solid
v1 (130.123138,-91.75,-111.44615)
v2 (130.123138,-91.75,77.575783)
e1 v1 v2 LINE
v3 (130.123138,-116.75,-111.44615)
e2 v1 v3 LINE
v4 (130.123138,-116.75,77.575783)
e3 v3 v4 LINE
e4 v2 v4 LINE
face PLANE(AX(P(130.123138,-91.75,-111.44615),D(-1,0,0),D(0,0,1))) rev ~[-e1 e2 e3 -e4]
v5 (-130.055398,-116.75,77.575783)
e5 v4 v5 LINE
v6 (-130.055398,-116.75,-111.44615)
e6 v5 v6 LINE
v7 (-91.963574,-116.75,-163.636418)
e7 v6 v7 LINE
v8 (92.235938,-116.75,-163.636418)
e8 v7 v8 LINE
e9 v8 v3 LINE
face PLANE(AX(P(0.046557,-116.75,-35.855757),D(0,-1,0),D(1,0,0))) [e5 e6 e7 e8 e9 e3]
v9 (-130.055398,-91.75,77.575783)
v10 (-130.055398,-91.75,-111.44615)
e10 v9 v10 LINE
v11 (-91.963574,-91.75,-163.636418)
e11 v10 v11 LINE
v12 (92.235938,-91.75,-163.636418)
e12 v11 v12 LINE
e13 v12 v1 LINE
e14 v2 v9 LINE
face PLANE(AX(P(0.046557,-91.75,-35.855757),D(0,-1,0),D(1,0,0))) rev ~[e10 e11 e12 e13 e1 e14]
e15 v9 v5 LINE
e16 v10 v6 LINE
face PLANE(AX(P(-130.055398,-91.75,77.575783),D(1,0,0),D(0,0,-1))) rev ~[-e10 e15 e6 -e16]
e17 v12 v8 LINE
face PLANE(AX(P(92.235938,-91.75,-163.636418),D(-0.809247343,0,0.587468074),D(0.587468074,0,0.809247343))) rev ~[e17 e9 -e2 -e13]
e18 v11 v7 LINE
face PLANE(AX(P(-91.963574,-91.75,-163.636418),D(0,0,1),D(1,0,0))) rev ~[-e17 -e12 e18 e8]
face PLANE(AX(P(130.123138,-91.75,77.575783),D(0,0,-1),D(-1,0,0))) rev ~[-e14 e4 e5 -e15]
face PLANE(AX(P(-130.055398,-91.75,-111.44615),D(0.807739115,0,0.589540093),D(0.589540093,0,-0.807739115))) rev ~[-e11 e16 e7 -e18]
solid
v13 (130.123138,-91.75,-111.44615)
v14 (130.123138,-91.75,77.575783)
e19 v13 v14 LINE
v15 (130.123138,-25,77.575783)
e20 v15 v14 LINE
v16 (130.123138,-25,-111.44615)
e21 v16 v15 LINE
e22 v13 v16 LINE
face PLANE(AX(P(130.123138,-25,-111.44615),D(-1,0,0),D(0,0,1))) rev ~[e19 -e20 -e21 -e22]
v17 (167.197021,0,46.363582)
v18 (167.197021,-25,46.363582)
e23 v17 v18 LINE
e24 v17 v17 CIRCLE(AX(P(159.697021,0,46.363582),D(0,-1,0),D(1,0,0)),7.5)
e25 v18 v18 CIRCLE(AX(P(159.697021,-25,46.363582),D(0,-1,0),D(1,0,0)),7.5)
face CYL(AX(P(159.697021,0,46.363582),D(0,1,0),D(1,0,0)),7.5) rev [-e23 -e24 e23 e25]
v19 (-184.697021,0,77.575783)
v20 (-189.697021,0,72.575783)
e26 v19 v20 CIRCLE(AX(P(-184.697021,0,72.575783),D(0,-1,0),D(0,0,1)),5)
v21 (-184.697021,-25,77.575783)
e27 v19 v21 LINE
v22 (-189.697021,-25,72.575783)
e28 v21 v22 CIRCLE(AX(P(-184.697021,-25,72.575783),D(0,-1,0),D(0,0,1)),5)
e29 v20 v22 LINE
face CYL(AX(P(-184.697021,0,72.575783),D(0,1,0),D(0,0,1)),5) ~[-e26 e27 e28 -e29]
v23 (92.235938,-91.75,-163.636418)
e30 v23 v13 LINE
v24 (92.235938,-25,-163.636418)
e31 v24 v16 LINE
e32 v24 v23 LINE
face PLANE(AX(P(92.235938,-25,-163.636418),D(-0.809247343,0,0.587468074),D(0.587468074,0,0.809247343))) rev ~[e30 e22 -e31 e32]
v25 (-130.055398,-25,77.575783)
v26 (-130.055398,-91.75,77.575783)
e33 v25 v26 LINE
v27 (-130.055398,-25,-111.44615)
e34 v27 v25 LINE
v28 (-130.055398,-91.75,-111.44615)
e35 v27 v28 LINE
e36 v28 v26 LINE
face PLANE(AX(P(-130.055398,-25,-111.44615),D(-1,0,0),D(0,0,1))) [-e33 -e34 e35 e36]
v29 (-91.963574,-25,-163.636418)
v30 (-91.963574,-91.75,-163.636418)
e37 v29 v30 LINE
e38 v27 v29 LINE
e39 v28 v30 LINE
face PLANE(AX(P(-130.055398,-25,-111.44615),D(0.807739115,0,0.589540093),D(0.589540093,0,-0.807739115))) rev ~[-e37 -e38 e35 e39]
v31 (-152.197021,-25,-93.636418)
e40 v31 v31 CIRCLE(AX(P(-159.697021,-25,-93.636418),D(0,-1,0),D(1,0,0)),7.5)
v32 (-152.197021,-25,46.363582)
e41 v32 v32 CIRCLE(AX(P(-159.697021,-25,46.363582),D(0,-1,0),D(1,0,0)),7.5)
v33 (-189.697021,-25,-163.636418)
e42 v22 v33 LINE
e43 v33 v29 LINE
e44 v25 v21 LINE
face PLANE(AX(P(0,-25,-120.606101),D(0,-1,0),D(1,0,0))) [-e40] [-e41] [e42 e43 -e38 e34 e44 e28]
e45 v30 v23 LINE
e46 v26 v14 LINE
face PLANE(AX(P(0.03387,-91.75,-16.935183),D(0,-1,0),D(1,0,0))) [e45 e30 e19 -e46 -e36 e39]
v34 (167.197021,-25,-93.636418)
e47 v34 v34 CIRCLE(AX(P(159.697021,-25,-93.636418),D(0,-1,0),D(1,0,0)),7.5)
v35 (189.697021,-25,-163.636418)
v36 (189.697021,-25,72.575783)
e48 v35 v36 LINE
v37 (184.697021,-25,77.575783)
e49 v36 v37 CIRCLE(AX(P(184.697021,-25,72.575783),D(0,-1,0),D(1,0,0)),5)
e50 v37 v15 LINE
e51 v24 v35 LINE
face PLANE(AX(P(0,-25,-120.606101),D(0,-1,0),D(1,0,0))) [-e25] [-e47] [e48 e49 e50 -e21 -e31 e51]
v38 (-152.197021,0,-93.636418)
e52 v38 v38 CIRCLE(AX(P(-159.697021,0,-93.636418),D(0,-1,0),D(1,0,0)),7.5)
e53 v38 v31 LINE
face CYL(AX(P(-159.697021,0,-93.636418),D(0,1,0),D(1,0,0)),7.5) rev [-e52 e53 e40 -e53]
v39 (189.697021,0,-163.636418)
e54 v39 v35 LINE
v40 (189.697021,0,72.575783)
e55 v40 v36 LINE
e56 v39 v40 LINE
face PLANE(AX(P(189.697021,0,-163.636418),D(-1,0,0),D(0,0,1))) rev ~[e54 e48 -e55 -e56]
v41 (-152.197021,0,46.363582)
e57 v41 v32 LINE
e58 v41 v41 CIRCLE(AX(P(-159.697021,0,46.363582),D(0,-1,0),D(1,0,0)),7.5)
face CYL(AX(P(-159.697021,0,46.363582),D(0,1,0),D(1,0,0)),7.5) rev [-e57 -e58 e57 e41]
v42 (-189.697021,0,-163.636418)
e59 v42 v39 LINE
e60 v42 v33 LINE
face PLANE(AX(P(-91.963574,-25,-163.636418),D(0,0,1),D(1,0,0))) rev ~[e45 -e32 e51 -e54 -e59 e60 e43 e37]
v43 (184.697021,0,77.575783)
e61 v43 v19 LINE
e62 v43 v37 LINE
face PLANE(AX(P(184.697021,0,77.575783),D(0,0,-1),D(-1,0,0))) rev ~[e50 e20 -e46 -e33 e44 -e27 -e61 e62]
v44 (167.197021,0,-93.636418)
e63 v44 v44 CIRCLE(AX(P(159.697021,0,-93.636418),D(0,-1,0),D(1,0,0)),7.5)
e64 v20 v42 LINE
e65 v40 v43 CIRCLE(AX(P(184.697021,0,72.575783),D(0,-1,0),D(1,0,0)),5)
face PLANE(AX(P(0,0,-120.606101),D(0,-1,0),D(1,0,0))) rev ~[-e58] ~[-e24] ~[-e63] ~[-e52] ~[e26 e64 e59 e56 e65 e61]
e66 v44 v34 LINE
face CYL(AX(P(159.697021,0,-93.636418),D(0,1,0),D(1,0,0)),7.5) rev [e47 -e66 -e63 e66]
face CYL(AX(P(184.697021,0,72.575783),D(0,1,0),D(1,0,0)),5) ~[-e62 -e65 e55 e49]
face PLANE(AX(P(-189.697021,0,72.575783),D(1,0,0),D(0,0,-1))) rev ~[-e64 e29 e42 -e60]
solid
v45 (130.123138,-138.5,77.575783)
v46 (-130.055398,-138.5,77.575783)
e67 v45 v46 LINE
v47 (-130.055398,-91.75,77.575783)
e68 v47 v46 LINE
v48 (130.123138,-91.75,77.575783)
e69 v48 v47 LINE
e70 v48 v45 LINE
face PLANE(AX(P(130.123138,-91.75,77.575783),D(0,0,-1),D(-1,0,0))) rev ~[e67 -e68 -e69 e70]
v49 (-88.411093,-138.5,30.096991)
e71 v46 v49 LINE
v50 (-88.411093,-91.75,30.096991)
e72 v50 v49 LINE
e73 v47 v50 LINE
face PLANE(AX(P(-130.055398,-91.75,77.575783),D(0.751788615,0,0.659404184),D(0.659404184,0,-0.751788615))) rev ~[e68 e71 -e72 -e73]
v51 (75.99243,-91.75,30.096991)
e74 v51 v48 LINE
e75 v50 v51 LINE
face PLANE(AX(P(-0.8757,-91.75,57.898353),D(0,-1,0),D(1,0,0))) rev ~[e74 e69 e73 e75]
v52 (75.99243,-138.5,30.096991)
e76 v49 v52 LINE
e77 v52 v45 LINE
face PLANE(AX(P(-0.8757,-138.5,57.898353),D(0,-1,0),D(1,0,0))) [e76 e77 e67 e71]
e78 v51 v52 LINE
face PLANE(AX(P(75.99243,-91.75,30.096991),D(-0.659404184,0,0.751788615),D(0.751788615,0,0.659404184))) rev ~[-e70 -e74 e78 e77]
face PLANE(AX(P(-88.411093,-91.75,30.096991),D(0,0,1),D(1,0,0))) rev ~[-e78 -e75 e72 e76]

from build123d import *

# Parameters (mm, degrees)
F0_R     = 7.5
F1_DEPTH = 25
F2_W     = 260.1785361767
F2_H     = 189.0219330167
F3_DEPTH = 42.5
F4_DEPTH = 66.75
F6_DEPTH = 46.75
F8_DEPTH = 25


with BuildPart() as f1:
    # F0 (on Front) → F1 (new body)
    with BuildSketch(Plane.XZ):
        Polygon((129.6970205473, -123.6364181716), (129.6970205473, -77.5757833694), (-129.6970205473, -77.5757833694), (-129.6970205473, -123.6364181716), (-129.6970205473, -163.6364181716), (129.6970205473, -163.6364181716), align=None)
        with BuildLine():
            Line((-129.6970205473, -77.5757833694), (129.6970205473, -77.5757833694))
            Line((129.6970205473, -77.5757833694), (129.6970205473, 77.5757833694))
            Line((129.6970205473, 77.5757833694), (76.9282222731, 77.5757833694))
            ThreePointArc((76.9282222731, 77.5757833694), (0, 0.6475610963), (-76.9282222731, 77.5757833694))
            Line((-76.9282222731, 77.5757833694), (-129.6970205473, 77.5757833694))
            Line((-129.6970205473, 77.5757833694), (-129.6970205473, -77.5757833694))
        make_face()
        with BuildLine():
            Line((129.6970205473, 77.5757833694), (129.6970205473, -77.5757833694))
            Line((129.6970205473, -77.5757833694), (129.6970205473, -123.6364181716))
            Line((129.6970205473, -123.6364181716), (129.6970205473, -163.6364181716))
            Line((129.6970205473, -163.6364181716), (189.6970205473, -163.6364181716))
            Line((189.6970205473, -163.6364181716), (189.6970205473, -123.6364181716))
            Line((189.6970205473, -123.6364181716), (189.6970205473, 72.5757833694))
            ThreePointArc((189.6970205473, 72.5757833694), (188.2325544533, 76.1113172754), (184.6970205473, 77.5757833694))
            Line((184.6970205473, 77.5757833694), (129.6970205473, 77.5757833694))
        make_face()
        with Locations((159.6970205473, -93.6364181716)):
            Circle(F0_R, mode=Mode.SUBTRACT)
        with Locations((159.6970205473, 46.3635818284)):
            Circle(F0_R, mode=Mode.SUBTRACT)
        with BuildLine():
            Line((-129.6970205473, -123.6364181716), (-129.6970205473, -77.5757833694))
            Line((-129.6970205473, -77.5757833694), (-129.6970205473, 77.5757833694))
            Line((-129.6970205473, 77.5757833694), (-184.6970205473, 77.5757833694))
            ThreePointArc((-184.6970205473, 77.5757833694), (-188.2325544533, 76.1113172754), (-189.6970205473, 72.5757833694))
            Line((-189.6970205473, 72.5757833694), (-189.6970205473, -123.6364181716))
            Line((-189.6970205473, -123.6364181716), (-189.6970205473, -163.6364181716))
            Line((-189.6970205473, -163.6364181716), (-129.6970205473, -163.6364181716))
            Line((-129.6970205473, -163.6364181716), (-129.6970205473, -123.6364181716))
        make_face()
        with Locations((-159.6970205473, -93.6364181716)):
            Circle(F0_R, mode=Mode.SUBTRACT)
        with Locations((-159.6970205473, 46.3635818284)):
            Circle(F0_R, mode=Mode.SUBTRACT)
        with BuildLine():
            ThreePointArc((-76.9282222731, 77.5757833694), (0, 0.6475610963), (76.9282222731, 77.5757833694))
            Line((76.9282222731, 77.5757833694), (-76.9282222731, 77.5757833694))
        make_face()
    extrude(amount=F1_DEPTH)

    # F2 (on face) → F3 (join)
    with BuildSketch(Plane.XZ.offset(25)):
        with Locations((0.0338703394, -16.9351831389)):
            Rectangle(F2_W, F2_H)
    extrude(amount=F3_DEPTH)

    # F2 (on face) → F4 (join)
    with BuildSketch(Plane.XZ.offset(25)):
        with Locations((0.0338703394, -16.9351831389)):
            Rectangle(F2_W, F2_H)
        Polygon((130.1231384277, -111.4461496472), (-130.0553977489, -111.4461496472), (-91.9635742903, -163.6364181716), (92.2359377146, -163.6364181716), align=None)
    extrude(amount=F4_DEPTH)


with BuildPart() as f6:
    # F5 (on face) → F6 (new body)
    with BuildSketch(Plane.XZ.offset(91.75)):
        Polygon((130.1231384277, 77.5757833694), (-130.0553977489, 77.5757833694), (-88.4110927582, 30.0969909877), (75.9924301225, 30.0969909877), align=None)
    extrude(amount=F6_DEPTH)


with BuildPart() as f8:
    # F7 (on face) → F8 (new body)
    with BuildSketch(Plane.XZ.offset(91.75)):
        Polygon((-130.0553977489, -111.4461496472), (-91.9635742903, -163.6364181716), (92.2359377146, -163.6364181716), (130.1231384277, -111.4461496472), (130.1231384277, 77.5757833694), (-130.0553977489, 77.5757833694), align=None)
    extrude(amount=F8_DEPTH)


solid = Compound([f1.part, f6.part, f8.part])
